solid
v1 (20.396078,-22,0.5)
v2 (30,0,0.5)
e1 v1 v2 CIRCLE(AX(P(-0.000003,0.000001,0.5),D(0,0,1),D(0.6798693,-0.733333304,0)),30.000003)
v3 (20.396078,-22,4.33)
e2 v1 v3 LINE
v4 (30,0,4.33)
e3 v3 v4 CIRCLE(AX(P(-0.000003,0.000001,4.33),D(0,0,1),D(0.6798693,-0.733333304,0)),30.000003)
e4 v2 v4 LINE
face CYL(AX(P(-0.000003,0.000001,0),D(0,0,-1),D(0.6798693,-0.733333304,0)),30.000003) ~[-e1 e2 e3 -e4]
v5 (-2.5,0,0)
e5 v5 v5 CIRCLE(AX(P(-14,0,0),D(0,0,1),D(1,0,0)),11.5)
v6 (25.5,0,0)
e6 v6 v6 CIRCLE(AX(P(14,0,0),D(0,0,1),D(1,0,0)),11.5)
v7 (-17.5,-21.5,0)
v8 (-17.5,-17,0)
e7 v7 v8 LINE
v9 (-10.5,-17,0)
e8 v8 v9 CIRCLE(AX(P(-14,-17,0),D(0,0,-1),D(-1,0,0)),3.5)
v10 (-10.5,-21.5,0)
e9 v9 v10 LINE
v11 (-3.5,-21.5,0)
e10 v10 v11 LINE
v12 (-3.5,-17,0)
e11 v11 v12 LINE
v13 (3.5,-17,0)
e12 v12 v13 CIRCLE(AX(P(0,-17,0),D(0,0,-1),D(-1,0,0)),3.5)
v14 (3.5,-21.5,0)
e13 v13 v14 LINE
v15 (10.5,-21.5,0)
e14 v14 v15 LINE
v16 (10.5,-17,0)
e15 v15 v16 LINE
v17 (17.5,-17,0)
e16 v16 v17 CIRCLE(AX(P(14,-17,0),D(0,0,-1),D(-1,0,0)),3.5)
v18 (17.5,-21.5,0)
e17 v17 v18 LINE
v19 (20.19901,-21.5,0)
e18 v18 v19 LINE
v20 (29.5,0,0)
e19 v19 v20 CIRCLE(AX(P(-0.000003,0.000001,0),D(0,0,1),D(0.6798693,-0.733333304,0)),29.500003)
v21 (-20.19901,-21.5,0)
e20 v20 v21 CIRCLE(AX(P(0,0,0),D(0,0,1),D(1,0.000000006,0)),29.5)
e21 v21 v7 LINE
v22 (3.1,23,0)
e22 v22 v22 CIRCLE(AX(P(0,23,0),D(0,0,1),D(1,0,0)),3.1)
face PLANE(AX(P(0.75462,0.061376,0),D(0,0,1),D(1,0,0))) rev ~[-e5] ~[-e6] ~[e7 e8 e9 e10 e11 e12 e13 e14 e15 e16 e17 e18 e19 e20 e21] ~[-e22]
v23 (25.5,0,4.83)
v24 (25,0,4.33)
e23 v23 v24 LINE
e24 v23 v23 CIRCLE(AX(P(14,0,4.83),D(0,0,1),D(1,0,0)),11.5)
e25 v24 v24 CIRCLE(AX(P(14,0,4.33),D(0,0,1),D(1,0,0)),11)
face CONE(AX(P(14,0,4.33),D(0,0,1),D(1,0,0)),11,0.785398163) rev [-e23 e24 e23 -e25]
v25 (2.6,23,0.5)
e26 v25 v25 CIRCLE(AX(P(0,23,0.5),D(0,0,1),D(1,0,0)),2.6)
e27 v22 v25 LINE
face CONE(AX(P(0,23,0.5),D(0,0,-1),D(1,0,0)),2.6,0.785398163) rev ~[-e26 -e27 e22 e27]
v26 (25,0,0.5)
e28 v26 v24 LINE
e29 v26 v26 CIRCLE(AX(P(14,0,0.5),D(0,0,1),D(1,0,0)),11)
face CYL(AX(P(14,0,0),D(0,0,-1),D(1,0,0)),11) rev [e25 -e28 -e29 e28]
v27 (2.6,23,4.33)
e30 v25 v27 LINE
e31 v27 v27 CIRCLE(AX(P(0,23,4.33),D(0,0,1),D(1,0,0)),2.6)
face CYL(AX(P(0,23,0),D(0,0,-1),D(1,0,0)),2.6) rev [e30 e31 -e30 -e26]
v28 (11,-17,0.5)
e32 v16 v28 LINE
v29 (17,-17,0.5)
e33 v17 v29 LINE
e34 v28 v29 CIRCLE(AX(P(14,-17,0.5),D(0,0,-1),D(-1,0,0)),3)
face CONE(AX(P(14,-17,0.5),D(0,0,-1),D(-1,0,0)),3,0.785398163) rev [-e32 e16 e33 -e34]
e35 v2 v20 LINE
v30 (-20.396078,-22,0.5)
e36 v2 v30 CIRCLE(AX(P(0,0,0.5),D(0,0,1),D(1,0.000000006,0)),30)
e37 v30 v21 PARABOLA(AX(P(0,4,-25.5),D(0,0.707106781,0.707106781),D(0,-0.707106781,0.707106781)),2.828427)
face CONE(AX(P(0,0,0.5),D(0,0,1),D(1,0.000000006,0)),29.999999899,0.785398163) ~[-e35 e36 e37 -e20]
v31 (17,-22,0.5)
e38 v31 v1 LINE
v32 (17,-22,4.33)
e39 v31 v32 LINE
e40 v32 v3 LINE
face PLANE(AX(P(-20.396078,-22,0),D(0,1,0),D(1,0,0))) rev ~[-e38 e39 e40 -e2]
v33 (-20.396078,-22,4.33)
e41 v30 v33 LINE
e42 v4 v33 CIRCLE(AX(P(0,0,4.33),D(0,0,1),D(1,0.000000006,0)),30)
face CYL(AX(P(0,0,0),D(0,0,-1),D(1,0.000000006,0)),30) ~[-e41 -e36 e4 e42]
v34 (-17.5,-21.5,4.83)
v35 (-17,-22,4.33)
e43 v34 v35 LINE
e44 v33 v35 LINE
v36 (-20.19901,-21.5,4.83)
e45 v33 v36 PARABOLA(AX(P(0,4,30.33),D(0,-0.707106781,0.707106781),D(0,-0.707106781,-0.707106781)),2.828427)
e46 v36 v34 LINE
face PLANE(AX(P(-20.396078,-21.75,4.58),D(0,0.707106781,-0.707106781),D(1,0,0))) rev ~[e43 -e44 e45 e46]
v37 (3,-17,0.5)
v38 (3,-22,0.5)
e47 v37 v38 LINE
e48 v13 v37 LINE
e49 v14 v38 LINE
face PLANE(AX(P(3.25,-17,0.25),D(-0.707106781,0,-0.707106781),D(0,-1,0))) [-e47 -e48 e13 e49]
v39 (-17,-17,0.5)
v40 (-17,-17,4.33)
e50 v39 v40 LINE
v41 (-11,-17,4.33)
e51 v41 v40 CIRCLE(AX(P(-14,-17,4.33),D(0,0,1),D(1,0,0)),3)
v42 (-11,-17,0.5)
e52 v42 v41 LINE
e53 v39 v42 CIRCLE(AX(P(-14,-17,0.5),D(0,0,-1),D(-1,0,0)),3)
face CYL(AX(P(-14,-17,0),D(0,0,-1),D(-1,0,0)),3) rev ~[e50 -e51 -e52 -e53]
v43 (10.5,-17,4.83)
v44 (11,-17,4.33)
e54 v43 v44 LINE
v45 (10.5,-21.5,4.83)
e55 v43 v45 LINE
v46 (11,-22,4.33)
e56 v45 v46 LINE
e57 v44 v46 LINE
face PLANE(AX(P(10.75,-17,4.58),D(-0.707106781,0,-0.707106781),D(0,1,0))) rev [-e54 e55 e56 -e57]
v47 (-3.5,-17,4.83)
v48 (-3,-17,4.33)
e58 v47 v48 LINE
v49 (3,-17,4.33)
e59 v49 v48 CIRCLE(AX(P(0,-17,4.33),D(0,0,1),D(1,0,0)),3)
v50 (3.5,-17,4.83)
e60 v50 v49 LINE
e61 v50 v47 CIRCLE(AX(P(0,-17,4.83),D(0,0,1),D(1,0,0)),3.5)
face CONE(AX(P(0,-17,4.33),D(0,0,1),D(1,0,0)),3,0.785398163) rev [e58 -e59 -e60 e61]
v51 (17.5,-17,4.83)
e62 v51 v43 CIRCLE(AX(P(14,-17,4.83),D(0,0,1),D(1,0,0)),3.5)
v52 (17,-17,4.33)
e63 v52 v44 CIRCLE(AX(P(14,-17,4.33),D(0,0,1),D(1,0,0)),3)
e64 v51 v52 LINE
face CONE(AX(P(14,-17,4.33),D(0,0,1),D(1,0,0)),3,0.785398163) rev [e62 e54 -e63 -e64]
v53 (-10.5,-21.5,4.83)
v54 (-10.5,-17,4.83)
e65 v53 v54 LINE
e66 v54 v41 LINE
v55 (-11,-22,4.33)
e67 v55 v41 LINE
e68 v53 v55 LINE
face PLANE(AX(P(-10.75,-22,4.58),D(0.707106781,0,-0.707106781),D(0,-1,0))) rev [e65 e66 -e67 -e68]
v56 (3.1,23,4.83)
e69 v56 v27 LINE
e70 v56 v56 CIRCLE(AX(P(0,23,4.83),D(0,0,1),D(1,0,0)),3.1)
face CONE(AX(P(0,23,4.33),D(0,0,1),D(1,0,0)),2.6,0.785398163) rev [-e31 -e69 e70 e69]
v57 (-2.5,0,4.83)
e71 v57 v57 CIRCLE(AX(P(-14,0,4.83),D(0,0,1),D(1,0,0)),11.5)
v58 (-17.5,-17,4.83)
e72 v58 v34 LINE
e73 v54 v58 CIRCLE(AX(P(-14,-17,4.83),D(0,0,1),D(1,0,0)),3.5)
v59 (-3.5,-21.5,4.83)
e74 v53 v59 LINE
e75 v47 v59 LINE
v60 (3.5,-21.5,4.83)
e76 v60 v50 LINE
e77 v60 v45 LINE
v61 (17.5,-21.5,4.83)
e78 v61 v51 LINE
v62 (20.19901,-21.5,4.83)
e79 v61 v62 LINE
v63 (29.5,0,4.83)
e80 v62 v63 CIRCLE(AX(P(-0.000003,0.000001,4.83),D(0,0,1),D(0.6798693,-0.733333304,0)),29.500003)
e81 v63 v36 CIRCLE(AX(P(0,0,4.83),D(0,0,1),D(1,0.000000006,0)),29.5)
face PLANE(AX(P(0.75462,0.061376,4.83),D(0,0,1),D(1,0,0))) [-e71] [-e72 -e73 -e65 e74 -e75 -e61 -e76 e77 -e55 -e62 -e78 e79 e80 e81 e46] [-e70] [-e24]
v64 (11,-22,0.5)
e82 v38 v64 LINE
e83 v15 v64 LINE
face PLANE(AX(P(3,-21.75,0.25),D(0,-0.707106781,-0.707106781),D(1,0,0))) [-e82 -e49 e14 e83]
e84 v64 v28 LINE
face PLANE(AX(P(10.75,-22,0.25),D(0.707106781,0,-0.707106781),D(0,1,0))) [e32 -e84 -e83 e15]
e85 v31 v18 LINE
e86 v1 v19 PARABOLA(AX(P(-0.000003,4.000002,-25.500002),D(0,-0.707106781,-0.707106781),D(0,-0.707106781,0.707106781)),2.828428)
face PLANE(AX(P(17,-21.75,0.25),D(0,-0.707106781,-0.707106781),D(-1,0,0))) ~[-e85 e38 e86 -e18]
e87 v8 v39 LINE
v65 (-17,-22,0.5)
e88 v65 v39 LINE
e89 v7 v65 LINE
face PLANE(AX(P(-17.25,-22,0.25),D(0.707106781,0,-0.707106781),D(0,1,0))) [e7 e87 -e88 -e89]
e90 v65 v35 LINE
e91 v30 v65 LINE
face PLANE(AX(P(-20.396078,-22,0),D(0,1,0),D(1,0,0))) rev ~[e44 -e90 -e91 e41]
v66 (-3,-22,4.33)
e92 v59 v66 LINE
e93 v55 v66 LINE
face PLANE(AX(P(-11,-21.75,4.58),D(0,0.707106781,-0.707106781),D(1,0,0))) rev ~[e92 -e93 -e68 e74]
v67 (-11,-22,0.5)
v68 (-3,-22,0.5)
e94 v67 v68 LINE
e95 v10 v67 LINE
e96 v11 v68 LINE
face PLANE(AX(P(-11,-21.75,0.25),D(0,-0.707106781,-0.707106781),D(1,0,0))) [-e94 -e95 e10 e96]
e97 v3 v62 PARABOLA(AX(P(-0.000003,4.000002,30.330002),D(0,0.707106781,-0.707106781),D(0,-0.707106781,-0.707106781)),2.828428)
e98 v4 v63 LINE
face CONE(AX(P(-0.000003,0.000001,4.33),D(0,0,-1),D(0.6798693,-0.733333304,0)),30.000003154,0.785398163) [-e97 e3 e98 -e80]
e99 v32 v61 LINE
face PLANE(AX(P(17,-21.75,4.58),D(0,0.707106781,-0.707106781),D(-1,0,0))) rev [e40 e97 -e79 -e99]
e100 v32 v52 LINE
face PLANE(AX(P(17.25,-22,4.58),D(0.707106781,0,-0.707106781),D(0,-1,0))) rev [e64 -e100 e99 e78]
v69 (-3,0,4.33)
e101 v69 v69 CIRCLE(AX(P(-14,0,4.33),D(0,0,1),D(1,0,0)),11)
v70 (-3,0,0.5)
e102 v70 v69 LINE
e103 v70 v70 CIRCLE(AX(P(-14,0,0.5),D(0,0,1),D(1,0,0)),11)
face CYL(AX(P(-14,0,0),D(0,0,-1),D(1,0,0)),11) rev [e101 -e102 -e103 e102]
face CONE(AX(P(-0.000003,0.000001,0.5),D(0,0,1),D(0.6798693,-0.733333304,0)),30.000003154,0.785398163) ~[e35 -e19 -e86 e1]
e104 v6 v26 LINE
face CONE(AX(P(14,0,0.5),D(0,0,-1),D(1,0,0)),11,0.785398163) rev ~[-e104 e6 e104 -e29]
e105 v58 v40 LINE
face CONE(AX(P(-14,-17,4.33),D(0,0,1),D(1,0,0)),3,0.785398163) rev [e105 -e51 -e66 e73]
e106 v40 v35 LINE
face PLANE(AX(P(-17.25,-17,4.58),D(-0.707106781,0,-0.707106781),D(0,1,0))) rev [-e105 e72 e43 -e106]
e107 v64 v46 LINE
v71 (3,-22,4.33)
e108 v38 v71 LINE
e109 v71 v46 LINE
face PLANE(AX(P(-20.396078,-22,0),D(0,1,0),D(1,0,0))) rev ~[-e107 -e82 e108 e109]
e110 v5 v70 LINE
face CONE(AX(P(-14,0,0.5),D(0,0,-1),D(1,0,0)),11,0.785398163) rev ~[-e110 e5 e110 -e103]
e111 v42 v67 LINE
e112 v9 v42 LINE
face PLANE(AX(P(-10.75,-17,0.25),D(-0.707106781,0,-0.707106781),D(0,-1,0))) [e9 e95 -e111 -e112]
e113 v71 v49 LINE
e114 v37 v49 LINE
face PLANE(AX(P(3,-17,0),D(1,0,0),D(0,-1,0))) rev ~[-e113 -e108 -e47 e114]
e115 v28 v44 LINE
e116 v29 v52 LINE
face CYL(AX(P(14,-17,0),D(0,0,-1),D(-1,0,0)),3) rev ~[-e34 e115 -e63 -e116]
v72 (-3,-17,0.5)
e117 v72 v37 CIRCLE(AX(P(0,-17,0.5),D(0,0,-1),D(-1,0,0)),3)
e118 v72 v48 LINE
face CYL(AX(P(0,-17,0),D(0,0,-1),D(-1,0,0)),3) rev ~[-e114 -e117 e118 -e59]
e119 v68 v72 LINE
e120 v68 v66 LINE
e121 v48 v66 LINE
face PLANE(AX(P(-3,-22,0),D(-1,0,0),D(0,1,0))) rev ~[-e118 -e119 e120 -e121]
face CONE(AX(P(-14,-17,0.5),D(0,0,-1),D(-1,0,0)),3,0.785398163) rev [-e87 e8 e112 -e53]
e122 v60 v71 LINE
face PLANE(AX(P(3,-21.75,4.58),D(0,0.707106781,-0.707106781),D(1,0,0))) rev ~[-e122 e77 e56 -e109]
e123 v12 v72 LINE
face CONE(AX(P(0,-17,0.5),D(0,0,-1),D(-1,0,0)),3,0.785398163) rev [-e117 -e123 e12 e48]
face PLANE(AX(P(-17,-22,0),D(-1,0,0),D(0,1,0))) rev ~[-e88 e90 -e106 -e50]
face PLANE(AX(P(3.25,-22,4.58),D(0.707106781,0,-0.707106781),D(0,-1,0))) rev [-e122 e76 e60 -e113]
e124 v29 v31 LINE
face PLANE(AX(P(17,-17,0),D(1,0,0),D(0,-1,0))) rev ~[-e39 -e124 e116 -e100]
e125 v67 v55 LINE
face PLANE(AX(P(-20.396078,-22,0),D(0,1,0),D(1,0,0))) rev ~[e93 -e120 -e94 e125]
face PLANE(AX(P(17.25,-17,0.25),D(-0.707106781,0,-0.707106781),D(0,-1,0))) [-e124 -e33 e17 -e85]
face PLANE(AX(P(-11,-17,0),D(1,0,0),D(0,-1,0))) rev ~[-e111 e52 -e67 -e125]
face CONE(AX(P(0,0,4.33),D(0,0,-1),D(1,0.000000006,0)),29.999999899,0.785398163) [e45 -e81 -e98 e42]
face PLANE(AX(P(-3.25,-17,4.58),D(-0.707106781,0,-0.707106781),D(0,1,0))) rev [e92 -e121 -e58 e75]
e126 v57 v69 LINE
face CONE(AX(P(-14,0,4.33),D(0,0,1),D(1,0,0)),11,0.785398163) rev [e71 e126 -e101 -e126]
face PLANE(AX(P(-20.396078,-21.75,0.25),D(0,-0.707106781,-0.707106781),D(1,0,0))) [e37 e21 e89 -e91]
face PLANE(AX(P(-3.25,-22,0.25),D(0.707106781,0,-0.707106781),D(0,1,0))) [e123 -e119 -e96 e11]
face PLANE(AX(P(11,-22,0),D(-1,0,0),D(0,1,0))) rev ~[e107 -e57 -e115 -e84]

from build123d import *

# Parameters (mm, degrees)
F0_R     = 11
F0_R_2   = 2.6
F1_DEPTH = 4.83
F3_DEPTH = 25
F4_SIZE  = 0.5


with BuildPart() as f1:
    # F0 (on Top) → F1 (new body)
    with BuildSketch(Plane.XY):
        with BuildLine():
            ThreePointArc((20.396078, -22), (27.494384, -12.002451), (30, 0))
            ThreePointArc((30, 0), (-12.002451, 27.494384), (-20.396078, -22))
            Line((-20.396078, -22), (20.396078, -22))
        make_face()
        with Locations((-14, 0)):
            Circle(F0_R, mode=Mode.SUBTRACT)
        with Locations((14, 0)):
            Circle(F0_R, mode=Mode.SUBTRACT)
        with Locations((0, 23)):
            Circle(F0_R_2, mode=Mode.SUBTRACT)
    extrude(amount=F1_DEPTH)

    # F2 (on face) → F3 (cut)
    with BuildSketch(Plane(origin=(0, 0, 0), x_dir=(1, 0, 0), z_dir=(0, 0, -1))):
        with BuildLine():
            ThreePointArc((3, 22), (0, 25), (-3, 22))
            Line((-3, 22), (-3, 17))
            ThreePointArc((-3, 17), (0, 14), (3, 17))
            Line((3, 17), (3, 22))
        make_face()
        with BuildLine():
            ThreePointArc((17, 22), (14, 25), (11, 22))
            Line((11, 22), (11, 17))
            ThreePointArc((11, 17), (14, 14), (17, 17))
            Line((17, 17), (17, 22))
        make_face()
        with BuildLine():
            ThreePointArc((-11, 22), (-14, 25), (-17, 22))
            Line((-17, 22), (-17, 17))
            ThreePointArc((-17, 17), (-14, 14), (-11, 17))
            Line((-11, 17), (-11, 22))
        make_face()
    extrude(amount=-F3_DEPTH, mode=Mode.SUBTRACT)

    # F4
    f4_edges = [f1.edges().sort_by_distance(p)[0] for p in [
        (0, 30, 0),
        (18.698039, -22, 0),
        (17, -19.5, 0),
        (14, -14, 0),
        (11, -19.5, 0),
        (7, -22, 0),
        (3, -19.5, 0),
        (0, -14, 0),
        (-3, -19.5, 0),
        (-7, -22, 0),
        (-11, -19.5, 0),
        (-14, -14, 0),
        (-17, -19.5, 0),
        (-18.698039, -22, 0),
        (-25, 0, 0),
        (3, 0, 0),
        (-2.6, 23, 0),
        (0, 30, 4.83),
        (18.698039, -22, 4.83),
        (17, -19.5, 4.83),
        (14, -14, 4.83),
        (11, -19.5, 4.83),
        (7, -22, 4.83),
        (3, -19.5, 4.83),
        (0, -14, 4.83),
        (-3, -19.5, 4.83),
        (-7, -22, 4.83),
        (-11, -19.5, 4.83),
        (-14, -14, 4.83),
        (-17, -19.5, 4.83),
        (-18.698039, -22, 4.83),
        (-25, 0, 4.83),
        (3, 0, 4.83),
        (-2.6, 23, 4.83),
    ]]
    chamfer(f4_edges, length=F4_SIZE)


solid = f1.part
